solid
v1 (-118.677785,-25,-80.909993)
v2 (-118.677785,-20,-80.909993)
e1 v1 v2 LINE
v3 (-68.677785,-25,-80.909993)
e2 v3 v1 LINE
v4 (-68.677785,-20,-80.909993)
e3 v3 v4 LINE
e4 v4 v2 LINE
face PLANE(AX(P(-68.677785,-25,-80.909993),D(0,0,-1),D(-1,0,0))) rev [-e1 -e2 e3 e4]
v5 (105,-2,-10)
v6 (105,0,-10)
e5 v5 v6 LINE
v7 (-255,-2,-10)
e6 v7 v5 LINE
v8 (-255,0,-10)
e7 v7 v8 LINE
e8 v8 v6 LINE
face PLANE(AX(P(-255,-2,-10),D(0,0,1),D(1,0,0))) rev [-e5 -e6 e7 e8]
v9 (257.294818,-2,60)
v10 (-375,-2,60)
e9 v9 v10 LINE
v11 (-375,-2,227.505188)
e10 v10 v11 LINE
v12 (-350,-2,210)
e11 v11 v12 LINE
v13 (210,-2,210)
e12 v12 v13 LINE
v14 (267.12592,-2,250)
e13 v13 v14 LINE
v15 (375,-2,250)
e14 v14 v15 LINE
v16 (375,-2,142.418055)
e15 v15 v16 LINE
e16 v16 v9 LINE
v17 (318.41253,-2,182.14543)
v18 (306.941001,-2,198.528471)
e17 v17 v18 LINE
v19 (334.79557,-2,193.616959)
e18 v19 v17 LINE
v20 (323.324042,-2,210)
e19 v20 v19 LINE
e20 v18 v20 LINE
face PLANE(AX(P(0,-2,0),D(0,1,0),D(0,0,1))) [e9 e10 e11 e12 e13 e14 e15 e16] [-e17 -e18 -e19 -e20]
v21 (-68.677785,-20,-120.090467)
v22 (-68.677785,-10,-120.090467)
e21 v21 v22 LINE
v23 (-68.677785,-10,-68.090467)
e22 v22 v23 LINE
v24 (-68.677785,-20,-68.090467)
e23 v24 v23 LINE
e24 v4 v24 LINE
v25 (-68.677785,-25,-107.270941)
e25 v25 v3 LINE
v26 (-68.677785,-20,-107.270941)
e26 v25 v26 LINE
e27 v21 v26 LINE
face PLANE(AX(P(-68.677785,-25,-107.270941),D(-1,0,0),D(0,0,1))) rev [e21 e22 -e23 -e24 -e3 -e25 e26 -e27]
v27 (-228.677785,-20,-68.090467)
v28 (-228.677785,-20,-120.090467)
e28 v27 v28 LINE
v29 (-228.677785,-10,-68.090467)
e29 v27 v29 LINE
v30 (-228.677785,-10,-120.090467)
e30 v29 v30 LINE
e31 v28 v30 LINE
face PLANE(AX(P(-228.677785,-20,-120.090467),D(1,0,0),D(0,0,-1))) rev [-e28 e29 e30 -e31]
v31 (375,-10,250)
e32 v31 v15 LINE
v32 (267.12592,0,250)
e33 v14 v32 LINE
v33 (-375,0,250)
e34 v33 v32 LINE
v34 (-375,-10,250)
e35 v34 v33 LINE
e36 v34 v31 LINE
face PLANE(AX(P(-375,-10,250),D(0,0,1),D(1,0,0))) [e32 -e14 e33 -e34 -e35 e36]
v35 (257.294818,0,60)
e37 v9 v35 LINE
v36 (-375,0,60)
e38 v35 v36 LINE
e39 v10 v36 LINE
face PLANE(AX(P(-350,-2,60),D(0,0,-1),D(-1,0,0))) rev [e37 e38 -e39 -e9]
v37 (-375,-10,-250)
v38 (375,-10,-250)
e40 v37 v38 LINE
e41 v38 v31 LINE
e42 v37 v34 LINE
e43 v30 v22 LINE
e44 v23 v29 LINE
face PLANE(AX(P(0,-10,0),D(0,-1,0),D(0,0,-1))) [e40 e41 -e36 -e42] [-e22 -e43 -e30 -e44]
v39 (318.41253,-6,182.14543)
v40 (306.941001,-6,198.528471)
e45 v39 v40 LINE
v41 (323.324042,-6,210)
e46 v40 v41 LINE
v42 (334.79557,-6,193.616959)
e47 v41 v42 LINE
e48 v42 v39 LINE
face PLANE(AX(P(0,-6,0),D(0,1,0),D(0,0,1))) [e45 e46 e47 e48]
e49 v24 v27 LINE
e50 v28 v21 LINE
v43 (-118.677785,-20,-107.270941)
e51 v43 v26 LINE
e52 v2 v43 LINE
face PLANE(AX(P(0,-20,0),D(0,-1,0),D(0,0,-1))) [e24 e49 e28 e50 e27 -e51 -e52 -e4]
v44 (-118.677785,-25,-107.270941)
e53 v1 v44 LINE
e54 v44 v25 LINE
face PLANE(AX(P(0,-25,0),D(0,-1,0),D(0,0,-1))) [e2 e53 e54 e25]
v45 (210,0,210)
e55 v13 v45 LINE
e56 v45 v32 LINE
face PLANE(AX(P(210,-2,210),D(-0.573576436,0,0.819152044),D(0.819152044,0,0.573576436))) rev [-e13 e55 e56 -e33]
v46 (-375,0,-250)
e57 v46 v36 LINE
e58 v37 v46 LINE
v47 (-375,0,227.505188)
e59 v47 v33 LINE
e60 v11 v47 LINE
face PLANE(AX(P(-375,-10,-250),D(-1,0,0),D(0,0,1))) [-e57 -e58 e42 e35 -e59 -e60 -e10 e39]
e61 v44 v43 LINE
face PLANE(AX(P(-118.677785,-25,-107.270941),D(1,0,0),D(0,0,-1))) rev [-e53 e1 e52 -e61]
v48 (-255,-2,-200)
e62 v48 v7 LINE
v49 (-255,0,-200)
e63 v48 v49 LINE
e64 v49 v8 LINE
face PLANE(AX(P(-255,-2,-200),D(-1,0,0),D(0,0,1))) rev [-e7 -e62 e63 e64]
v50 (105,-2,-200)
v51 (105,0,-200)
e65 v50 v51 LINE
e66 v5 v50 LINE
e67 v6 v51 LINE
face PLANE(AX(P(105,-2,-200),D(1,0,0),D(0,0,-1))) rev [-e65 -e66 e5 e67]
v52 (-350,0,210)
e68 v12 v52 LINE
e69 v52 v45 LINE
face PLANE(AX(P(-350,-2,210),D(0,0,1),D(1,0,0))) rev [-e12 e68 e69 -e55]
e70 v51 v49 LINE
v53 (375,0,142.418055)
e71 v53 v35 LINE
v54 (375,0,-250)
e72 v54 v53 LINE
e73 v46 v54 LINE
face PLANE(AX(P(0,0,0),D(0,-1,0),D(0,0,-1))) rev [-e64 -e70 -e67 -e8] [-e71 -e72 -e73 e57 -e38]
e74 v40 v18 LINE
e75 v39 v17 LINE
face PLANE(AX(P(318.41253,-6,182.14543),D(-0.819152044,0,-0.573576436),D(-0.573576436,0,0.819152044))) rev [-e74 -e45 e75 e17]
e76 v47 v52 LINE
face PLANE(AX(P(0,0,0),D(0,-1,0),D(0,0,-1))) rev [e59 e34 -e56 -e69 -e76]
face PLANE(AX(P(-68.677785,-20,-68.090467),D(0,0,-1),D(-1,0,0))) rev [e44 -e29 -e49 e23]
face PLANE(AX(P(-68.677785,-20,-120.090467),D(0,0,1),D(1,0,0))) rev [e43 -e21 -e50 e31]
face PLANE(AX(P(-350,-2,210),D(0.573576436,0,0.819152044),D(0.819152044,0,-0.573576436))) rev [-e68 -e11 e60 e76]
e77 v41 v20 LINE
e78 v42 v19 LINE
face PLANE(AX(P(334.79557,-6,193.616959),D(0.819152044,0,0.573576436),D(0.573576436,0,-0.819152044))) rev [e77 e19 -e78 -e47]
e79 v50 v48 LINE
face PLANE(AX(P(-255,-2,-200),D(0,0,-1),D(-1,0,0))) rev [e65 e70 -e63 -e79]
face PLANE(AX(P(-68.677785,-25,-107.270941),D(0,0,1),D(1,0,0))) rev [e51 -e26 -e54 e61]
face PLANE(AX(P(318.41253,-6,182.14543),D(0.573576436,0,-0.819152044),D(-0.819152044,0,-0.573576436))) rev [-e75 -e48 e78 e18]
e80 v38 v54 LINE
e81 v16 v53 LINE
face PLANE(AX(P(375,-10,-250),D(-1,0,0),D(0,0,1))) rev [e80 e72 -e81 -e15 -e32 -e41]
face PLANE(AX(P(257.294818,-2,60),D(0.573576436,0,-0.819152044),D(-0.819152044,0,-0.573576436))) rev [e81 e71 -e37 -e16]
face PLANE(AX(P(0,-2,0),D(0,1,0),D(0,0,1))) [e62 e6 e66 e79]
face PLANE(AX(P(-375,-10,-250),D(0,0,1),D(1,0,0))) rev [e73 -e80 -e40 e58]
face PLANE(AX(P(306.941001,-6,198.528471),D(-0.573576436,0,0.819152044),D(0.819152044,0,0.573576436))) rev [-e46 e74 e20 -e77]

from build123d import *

# Parameters (mm, degrees)
CROQUIS3_W              = 750
CROQUIS3_H              = 500
SALIENTE_EXTRUIR1_DEPTH = 10
CROQUIS5_W              = 360
CROQUIS5_H              = 190
CORTAR_EXTRUIR2_DEPTH   = 2
CORTAR_EXTRUIR3_DEPTH   = 4
CROQUIS8_W              = 50
CROQUIS8_H              = 26.360948023
SALIENTE_EXTRUIR2_DEPTH = 15
CROQUIS9_W              = 160
CROQUIS9_H              = 52
SALIENTE_EXTRUIR3_DEPTH = 10


with BuildPart() as part:
    # Croquis3 → Saliente-Extruir1 (new body)
    with BuildSketch(Plane(origin=(0, 0, 0), x_dir=(1, 0, 0), z_dir=(0, 1, 0))):
        Rectangle(CROQUIS3_W, CROQUIS3_H)
    extrude(amount=-SALIENTE_EXTRUIR1_DEPTH)

    # Croquis5 → Cortar-Extruir2 (cut)
    with BuildSketch(Plane(origin=(0, 0, 0), x_dir=(1, 0, 0), z_dir=(0, 1, 0))):
        with Locations((-75, 105)):
            Rectangle(CROQUIS5_W, CROQUIS5_H)
        Polygon((-350, -60), (210, -60), (257.294818332, -60), (375, -142.41805549), (375, -250), (267.12592027, -250), (210, -210), (-350, -210), (-375, -227.505188455), (-375, -60), align=None)
    extrude(amount=-CORTAR_EXTRUIR2_DEPTH, mode=Mode.SUBTRACT)

    # Croquis7 → Cortar-Extruir3 (cut)
    with BuildSketch(Plane(origin=(0, -2, 0), x_dir=(1, 0, 0), z_dir=(0, 1, 0))):
        Polygon((318.412529557, -182.145430387), (334.795570442, -193.616959114), (323.324041715, -210), (306.94100083, -198.528471273), align=None)
    extrude(amount=-CORTAR_EXTRUIR3_DEPTH, mode=Mode.SUBTRACT)

    # Croquis8 → Saliente-Extruir2 (add)
    with BuildSketch(Plane.XZ.offset(10)):
        with Locations((-93.677785159, -94.090467316)):
            Rectangle(CROQUIS8_W, CROQUIS8_H)
    extrude(amount=SALIENTE_EXTRUIR2_DEPTH)

    # Croquis9 → Saliente-Extruir3 (add)
    with BuildSketch(Plane.XZ.offset(10)):
        with Locations((-148.677785159, -94.090467317)):
            Rectangle(CROQUIS9_W, CROQUIS9_H)
    extrude(amount=SALIENTE_EXTRUIR3_DEPTH)


solid = part.part
